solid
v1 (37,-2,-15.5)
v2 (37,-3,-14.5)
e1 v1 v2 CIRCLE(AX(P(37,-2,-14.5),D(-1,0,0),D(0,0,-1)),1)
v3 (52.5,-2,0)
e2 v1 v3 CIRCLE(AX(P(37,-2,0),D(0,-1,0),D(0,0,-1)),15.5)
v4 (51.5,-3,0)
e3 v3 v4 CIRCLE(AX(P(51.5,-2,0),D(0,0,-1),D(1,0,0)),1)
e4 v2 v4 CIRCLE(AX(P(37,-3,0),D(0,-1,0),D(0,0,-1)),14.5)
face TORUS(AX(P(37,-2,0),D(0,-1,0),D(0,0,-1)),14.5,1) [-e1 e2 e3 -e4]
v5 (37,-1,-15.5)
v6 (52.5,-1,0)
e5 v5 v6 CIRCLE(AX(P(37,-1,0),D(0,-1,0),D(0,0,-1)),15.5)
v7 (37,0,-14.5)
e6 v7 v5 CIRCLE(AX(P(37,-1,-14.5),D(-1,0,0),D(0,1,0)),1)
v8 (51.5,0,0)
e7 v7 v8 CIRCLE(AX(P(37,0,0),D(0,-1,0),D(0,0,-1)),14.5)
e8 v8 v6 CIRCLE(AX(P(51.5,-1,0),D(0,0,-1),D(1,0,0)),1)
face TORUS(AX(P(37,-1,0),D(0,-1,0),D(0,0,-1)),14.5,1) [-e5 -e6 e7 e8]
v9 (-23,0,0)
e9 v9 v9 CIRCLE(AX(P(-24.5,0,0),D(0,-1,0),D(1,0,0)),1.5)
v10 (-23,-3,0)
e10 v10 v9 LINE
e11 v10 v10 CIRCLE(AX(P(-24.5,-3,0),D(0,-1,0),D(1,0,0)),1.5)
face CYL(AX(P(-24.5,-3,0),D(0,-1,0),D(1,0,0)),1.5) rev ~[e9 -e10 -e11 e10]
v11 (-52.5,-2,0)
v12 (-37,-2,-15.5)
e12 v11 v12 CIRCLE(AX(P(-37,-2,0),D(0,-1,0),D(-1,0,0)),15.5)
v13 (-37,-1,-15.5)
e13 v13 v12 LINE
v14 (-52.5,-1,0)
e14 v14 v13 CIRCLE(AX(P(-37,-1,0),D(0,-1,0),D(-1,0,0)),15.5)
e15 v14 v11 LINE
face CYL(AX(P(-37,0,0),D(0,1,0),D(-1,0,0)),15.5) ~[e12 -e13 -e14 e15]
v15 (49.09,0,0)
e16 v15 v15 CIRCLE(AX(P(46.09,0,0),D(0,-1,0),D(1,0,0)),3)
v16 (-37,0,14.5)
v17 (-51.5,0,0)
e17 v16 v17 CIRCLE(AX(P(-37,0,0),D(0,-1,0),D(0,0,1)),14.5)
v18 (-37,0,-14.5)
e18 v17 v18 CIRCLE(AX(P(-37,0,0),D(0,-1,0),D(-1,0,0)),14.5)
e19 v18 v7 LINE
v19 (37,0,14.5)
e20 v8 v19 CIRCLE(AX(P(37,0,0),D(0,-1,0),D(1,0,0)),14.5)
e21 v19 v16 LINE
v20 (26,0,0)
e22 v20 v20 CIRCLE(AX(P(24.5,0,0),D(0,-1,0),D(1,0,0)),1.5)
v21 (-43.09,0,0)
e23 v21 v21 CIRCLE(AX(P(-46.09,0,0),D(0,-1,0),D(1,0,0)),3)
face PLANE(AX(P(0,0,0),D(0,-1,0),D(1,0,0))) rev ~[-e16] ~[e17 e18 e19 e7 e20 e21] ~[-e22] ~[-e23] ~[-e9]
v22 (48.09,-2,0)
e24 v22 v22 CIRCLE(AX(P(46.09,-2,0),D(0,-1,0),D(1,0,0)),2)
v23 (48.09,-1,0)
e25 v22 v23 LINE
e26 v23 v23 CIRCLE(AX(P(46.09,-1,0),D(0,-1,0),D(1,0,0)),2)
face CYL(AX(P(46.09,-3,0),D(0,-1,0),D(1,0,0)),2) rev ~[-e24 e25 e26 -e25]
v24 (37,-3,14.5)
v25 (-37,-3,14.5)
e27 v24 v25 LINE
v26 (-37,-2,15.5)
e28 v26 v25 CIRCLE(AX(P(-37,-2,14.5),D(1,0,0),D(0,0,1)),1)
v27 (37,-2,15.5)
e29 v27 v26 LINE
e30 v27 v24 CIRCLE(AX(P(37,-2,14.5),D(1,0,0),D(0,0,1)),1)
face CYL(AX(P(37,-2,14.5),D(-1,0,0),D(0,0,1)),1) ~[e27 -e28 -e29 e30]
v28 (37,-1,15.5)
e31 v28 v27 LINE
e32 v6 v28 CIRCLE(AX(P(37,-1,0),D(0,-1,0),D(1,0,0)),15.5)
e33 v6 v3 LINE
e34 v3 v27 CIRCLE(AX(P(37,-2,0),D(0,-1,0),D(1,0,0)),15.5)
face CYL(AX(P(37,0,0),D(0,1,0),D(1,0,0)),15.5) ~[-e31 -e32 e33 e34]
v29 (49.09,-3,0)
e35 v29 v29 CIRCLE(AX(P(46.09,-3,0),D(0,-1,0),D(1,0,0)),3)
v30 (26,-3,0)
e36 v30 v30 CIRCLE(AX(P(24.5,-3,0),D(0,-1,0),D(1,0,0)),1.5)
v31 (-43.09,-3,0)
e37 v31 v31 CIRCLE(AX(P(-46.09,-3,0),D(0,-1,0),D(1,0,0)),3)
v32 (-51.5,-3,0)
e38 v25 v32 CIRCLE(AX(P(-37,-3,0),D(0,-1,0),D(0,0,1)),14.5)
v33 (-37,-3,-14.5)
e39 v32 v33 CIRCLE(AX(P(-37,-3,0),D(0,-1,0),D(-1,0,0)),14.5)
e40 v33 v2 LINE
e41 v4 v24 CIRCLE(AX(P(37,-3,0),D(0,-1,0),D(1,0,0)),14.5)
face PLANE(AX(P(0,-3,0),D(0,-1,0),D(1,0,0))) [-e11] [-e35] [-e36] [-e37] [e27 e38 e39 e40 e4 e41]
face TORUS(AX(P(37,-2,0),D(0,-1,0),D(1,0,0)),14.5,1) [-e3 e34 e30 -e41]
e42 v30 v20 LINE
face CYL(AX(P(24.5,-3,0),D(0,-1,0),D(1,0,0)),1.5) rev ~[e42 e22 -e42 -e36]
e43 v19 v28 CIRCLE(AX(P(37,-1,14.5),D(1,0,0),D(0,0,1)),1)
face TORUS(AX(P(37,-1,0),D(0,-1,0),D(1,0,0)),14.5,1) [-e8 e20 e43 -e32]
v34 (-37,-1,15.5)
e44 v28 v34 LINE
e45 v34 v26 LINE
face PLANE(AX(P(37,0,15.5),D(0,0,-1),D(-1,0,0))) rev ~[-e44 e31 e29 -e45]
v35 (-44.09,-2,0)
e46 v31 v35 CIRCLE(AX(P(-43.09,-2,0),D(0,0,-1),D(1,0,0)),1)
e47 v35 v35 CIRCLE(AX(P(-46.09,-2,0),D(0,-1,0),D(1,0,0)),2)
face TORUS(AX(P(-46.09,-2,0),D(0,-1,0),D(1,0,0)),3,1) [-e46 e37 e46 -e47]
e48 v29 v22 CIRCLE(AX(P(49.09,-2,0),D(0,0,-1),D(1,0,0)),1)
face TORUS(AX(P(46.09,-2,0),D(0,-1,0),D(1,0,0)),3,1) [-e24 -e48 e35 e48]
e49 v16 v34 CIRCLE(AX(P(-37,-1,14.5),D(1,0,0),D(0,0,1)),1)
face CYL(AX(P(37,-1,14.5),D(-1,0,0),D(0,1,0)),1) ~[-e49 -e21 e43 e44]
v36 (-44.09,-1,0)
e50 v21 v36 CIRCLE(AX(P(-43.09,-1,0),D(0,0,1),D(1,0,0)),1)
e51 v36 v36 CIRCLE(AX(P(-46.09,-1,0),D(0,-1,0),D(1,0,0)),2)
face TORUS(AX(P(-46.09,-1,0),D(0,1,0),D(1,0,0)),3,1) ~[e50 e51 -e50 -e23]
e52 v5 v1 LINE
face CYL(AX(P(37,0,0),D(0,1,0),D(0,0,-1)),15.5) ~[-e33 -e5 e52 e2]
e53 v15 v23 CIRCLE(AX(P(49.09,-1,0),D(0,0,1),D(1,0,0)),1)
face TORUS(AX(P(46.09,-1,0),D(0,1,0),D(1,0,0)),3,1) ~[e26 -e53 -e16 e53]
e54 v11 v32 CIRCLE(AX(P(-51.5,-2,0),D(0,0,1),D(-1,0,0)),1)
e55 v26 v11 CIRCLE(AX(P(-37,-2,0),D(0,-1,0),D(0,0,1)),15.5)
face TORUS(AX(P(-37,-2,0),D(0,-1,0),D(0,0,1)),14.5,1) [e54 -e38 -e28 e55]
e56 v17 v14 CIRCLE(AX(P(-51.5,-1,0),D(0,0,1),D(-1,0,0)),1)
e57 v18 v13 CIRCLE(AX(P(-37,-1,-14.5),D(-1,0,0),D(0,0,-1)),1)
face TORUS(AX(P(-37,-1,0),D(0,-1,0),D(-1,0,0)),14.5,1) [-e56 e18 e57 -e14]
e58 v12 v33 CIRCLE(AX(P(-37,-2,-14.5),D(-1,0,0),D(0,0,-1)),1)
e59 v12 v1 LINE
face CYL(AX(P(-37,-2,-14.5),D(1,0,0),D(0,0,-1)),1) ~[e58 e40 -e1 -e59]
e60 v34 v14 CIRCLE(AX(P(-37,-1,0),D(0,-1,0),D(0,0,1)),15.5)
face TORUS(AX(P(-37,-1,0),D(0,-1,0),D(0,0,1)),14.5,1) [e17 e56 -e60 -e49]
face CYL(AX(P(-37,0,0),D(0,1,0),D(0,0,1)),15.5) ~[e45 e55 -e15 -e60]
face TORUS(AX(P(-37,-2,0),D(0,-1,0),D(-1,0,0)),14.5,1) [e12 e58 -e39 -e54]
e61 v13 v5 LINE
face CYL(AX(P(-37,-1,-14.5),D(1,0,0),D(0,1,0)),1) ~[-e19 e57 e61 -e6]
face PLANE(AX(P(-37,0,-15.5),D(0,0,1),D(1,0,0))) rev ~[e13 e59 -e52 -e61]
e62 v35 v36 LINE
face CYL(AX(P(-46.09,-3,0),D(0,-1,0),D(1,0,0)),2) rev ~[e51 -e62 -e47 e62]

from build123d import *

# Parameters (mm, degrees)
F1_DEPTH = 3
F2_R     = 1
F3_R     = 2
F4_DEPTH = 25
F3_R_2   = 1.5
F5_DEPTH = 25
F6_R     = 1
F7_R     = 1


with BuildPart() as f1:
    # F0 (on Front) → F1 (new body)
    with BuildSketch(Plane.XZ):
        with BuildLine():
            Line((37, 15.5), (-37, 15.5))
            ThreePointArc((-37, 15.5), (-47.9601551084, 10.9601551084), (-52.5, 0))
            ThreePointArc((-52.5, 0), (-47.9601551084, -10.9601551084), (-37, -15.5))
            Line((-37, -15.5), (37, -15.5))
            ThreePointArc((37, -15.5), (47.9601551084, -10.9601551084), (52.5, 0))
            ThreePointArc((52.5, 0), (47.9601551084, 10.9601551084), (37, 15.5))
        make_face()
    extrude(amount=F1_DEPTH)

    # F2
    f2_edges = [f1.edges().sort_by_distance(p)[0] for p in [
        (-52.5, -3, 0),
        (0, -3, -15.5),
    ]]
    fillet(f2_edges, radius=F2_R)

    # F3 (on face) → F4 (cut)
    with BuildSketch(Plane.XZ.offset(3)):
        with Locations((-46.09, 0)):
            Circle(F3_R)
        with Locations((46.09, 0)):
            Circle(F3_R)
    extrude(amount=-F4_DEPTH, mode=Mode.SUBTRACT)

    # F3 (on face) → F5 (cut)
    with BuildSketch(Plane.XZ.offset(3)):
        with Locations((24.5, 0)):
            Circle(F3_R_2)
        with Locations((-24.5, 0)):
            Circle(F3_R_2)
    extrude(amount=-F5_DEPTH, mode=Mode.SUBTRACT)

    # F6
    f6_edges = [f1.edges().sort_by_distance(p)[0] for p in [
        (-48.09, -3, 0),
        (44.09, -3, 0),
        (44.09, 0, 0),
        (-48.09, 0, 0),
    ]]
    fillet(f6_edges, radius=F6_R)

    # F7
    f7_edges = [f1.edges().sort_by_distance(p)[0] for p in [
        (-52.5, 0, 0),
    ]]
    fillet(f7_edges, radius=F7_R)


solid = f1.part
